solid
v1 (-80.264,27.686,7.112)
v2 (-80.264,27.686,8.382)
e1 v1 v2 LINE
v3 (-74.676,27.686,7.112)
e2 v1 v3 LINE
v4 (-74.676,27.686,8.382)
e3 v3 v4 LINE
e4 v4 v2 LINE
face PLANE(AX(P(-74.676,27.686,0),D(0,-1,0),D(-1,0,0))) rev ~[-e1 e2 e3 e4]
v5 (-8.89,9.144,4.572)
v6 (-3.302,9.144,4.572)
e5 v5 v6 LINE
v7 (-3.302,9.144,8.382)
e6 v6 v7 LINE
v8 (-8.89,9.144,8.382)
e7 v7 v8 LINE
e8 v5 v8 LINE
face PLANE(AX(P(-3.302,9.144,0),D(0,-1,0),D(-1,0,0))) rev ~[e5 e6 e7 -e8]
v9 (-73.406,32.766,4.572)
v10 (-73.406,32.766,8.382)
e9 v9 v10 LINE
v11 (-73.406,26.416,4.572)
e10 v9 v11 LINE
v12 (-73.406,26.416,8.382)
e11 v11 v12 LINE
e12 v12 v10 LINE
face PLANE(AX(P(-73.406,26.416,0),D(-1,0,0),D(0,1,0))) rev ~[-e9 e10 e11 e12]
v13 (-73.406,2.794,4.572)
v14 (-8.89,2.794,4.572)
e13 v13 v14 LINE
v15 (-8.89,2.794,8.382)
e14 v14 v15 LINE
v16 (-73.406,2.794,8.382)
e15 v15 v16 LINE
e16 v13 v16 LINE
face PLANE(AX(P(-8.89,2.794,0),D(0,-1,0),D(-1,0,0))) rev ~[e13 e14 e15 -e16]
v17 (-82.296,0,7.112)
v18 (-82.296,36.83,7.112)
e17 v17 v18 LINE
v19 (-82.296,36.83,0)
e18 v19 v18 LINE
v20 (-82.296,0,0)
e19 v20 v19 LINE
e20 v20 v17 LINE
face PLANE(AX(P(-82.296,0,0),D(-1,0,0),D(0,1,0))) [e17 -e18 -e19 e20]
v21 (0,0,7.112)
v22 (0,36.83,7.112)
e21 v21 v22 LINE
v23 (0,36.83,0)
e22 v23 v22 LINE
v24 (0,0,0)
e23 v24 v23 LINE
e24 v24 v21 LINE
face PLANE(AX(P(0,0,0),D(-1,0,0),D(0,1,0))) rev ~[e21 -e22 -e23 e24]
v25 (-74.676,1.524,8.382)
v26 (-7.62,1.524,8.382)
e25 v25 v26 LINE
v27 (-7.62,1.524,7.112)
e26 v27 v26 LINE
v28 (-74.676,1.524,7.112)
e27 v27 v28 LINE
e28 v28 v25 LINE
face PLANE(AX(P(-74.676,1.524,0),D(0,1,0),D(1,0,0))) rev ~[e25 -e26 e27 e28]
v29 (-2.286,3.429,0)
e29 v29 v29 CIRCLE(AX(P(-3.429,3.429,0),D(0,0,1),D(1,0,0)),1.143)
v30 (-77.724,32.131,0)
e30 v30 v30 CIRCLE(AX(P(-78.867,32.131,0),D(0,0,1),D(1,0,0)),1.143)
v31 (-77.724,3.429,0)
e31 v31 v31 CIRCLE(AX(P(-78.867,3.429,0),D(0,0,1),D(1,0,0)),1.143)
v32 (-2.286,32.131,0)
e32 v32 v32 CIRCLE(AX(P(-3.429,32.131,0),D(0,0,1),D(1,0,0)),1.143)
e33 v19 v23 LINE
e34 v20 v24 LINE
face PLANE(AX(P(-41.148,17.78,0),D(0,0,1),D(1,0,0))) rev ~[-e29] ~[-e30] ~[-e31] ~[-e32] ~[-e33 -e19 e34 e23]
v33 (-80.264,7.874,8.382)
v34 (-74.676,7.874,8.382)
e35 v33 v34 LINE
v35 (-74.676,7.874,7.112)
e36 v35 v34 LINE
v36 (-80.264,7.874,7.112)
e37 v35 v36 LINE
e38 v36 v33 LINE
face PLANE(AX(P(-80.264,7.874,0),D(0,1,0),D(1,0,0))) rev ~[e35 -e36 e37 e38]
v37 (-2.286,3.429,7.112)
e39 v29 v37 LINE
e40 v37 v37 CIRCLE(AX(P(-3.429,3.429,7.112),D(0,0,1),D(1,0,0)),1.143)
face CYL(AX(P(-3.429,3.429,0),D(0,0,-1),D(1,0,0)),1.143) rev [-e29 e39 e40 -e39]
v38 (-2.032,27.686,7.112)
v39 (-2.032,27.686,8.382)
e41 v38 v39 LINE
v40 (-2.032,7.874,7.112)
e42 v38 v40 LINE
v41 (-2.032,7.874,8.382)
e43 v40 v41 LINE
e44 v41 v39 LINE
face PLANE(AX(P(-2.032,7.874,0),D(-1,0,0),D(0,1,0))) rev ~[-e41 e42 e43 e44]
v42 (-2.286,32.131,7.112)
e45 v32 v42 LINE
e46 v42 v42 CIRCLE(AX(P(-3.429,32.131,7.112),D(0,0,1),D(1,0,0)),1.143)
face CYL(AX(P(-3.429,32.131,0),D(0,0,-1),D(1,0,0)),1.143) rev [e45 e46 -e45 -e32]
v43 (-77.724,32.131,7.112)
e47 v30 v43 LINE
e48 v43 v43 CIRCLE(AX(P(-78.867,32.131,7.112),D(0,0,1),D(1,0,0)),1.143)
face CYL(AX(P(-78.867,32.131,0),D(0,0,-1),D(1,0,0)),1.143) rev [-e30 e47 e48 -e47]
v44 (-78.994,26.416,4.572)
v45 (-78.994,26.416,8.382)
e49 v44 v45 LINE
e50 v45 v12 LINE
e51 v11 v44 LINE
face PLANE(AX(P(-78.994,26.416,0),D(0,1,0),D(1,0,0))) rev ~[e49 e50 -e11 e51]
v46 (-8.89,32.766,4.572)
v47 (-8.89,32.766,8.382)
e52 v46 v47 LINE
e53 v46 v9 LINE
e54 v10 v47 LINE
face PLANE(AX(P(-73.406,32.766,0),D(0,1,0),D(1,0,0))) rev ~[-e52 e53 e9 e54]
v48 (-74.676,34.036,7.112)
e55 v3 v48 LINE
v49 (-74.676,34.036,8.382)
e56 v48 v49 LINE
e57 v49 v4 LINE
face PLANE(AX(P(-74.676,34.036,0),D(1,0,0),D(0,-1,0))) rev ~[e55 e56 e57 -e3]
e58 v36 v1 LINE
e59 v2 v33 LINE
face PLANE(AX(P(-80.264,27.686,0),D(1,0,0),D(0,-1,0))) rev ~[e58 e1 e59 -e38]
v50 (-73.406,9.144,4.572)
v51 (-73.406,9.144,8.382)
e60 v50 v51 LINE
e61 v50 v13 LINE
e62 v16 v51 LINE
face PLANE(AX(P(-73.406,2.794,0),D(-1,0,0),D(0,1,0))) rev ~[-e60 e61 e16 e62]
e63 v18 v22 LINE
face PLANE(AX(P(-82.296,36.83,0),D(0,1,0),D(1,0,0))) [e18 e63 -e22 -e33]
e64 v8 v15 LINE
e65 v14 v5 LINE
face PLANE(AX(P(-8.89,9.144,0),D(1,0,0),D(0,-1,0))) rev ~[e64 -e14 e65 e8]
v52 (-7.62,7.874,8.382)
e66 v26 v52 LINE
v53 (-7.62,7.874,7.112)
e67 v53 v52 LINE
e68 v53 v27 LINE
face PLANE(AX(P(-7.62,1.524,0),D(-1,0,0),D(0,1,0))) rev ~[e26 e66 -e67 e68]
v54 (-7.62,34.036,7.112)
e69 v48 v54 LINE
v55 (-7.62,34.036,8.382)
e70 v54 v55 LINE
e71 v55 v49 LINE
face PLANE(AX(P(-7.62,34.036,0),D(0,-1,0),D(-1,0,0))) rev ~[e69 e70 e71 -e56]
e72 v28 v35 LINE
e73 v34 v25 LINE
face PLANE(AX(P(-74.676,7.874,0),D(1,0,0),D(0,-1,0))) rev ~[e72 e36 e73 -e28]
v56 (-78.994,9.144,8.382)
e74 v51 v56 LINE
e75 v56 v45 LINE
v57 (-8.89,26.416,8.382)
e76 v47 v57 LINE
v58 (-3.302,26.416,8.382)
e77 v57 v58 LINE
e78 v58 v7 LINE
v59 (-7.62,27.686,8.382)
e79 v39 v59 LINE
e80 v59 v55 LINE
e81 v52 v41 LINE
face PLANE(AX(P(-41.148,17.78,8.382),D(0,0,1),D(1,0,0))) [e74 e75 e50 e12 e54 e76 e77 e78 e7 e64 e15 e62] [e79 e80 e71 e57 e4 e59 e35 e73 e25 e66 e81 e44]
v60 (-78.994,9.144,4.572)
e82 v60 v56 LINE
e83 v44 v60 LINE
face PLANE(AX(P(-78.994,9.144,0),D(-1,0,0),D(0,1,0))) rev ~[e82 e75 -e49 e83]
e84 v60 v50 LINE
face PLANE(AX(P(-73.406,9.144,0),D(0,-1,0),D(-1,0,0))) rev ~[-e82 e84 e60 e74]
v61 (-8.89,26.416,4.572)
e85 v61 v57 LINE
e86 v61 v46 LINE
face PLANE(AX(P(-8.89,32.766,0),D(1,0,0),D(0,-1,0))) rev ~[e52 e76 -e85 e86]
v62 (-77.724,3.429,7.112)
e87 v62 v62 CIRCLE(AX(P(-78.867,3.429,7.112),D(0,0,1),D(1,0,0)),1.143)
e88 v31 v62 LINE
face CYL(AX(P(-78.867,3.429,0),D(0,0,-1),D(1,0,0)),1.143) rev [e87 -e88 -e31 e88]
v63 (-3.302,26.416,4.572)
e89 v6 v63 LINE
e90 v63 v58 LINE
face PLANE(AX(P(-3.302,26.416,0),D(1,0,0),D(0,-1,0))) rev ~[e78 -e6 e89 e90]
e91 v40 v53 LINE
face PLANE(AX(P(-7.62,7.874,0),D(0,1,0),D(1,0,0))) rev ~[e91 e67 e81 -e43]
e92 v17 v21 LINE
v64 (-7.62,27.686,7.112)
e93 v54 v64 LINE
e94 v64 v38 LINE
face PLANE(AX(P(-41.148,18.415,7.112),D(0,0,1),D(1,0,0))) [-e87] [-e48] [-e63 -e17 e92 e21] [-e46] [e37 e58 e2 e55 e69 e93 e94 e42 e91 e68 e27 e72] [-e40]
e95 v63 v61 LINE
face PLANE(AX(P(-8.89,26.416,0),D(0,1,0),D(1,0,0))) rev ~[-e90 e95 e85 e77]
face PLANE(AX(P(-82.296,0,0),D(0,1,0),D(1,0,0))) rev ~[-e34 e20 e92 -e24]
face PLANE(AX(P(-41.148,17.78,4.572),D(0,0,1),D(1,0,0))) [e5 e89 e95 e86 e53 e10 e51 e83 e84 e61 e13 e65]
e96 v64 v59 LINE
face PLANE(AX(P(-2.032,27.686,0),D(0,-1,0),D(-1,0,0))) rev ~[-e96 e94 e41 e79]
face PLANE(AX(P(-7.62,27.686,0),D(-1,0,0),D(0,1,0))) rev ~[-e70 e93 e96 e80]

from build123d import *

# Parameters (mm, degrees)
F0_W     = 82.296
F0_H     = 36.83
F0_R     = 1.143
F1_DEPTH = 7.112
F2_DEPTH = 8.382
F3_DEPTH = 4.572


with BuildPart() as f1:
    # F0 (on Top) → F1 (new body)
    with BuildSketch(Plane.XY):
        with Locations((-41.148, 18.415)):
            Rectangle(F0_W, F0_H)
        with Locations((-78.867, 3.429)):
            Circle(F0_R, mode=Mode.SUBTRACT)
        with Locations((-3.429, 3.429)):
            Circle(F0_R, mode=Mode.SUBTRACT)
        Polygon((-7.62, 7.874), (-7.62, 1.524), (-74.676, 1.524), (-74.676, 7.874), (-80.264, 7.874), (-80.264, 27.686), (-74.676, 27.686), (-74.676, 34.036), (-7.62, 34.036), (-7.62, 27.686), (-2.032, 27.686), (-2.032, 7.874), align=None, mode=Mode.SUBTRACT)
        with Locations((-78.867, 32.131)):
            Circle(F0_R, mode=Mode.SUBTRACT)
        with Locations((-3.429, 32.131)):
            Circle(F0_R, mode=Mode.SUBTRACT)
    extrude(amount=F1_DEPTH)

    # F0 (on Top) → F2 (join)
    with BuildSketch(Plane.XY):
        Polygon((-74.676, 1.524), (-7.62, 1.524), (-7.62, 7.874), (-2.032, 7.874), (-2.032, 27.686), (-7.62, 27.686), (-7.62, 34.036), (-74.676, 34.036), (-74.676, 27.686), (-80.264, 27.686), (-80.264, 7.874), (-74.676, 7.874), align=None)
        Polygon((-8.89, 9.144), (-8.89, 2.794), (-73.406, 2.794), (-73.406, 9.144), (-78.994, 9.144), (-78.994, 26.416), (-73.406, 26.416), (-73.406, 32.766), (-8.89, 32.766), (-8.89, 26.416), (-3.302, 26.416), (-3.302, 9.144), align=None, mode=Mode.SUBTRACT)
    extrude(amount=F2_DEPTH)

    # F0 (on Top) → F3 (join)
    with BuildSketch(Plane.XY):
        Polygon((-73.406, 2.794), (-8.89, 2.794), (-8.89, 9.144), (-3.302, 9.144), (-3.302, 26.416), (-8.89, 26.416), (-8.89, 32.766), (-73.406, 32.766), (-73.406, 26.416), (-78.994, 26.416), (-78.994, 9.144), (-73.406, 9.144), align=None)
    extrude(amount=F3_DEPTH)


solid = f1.part
